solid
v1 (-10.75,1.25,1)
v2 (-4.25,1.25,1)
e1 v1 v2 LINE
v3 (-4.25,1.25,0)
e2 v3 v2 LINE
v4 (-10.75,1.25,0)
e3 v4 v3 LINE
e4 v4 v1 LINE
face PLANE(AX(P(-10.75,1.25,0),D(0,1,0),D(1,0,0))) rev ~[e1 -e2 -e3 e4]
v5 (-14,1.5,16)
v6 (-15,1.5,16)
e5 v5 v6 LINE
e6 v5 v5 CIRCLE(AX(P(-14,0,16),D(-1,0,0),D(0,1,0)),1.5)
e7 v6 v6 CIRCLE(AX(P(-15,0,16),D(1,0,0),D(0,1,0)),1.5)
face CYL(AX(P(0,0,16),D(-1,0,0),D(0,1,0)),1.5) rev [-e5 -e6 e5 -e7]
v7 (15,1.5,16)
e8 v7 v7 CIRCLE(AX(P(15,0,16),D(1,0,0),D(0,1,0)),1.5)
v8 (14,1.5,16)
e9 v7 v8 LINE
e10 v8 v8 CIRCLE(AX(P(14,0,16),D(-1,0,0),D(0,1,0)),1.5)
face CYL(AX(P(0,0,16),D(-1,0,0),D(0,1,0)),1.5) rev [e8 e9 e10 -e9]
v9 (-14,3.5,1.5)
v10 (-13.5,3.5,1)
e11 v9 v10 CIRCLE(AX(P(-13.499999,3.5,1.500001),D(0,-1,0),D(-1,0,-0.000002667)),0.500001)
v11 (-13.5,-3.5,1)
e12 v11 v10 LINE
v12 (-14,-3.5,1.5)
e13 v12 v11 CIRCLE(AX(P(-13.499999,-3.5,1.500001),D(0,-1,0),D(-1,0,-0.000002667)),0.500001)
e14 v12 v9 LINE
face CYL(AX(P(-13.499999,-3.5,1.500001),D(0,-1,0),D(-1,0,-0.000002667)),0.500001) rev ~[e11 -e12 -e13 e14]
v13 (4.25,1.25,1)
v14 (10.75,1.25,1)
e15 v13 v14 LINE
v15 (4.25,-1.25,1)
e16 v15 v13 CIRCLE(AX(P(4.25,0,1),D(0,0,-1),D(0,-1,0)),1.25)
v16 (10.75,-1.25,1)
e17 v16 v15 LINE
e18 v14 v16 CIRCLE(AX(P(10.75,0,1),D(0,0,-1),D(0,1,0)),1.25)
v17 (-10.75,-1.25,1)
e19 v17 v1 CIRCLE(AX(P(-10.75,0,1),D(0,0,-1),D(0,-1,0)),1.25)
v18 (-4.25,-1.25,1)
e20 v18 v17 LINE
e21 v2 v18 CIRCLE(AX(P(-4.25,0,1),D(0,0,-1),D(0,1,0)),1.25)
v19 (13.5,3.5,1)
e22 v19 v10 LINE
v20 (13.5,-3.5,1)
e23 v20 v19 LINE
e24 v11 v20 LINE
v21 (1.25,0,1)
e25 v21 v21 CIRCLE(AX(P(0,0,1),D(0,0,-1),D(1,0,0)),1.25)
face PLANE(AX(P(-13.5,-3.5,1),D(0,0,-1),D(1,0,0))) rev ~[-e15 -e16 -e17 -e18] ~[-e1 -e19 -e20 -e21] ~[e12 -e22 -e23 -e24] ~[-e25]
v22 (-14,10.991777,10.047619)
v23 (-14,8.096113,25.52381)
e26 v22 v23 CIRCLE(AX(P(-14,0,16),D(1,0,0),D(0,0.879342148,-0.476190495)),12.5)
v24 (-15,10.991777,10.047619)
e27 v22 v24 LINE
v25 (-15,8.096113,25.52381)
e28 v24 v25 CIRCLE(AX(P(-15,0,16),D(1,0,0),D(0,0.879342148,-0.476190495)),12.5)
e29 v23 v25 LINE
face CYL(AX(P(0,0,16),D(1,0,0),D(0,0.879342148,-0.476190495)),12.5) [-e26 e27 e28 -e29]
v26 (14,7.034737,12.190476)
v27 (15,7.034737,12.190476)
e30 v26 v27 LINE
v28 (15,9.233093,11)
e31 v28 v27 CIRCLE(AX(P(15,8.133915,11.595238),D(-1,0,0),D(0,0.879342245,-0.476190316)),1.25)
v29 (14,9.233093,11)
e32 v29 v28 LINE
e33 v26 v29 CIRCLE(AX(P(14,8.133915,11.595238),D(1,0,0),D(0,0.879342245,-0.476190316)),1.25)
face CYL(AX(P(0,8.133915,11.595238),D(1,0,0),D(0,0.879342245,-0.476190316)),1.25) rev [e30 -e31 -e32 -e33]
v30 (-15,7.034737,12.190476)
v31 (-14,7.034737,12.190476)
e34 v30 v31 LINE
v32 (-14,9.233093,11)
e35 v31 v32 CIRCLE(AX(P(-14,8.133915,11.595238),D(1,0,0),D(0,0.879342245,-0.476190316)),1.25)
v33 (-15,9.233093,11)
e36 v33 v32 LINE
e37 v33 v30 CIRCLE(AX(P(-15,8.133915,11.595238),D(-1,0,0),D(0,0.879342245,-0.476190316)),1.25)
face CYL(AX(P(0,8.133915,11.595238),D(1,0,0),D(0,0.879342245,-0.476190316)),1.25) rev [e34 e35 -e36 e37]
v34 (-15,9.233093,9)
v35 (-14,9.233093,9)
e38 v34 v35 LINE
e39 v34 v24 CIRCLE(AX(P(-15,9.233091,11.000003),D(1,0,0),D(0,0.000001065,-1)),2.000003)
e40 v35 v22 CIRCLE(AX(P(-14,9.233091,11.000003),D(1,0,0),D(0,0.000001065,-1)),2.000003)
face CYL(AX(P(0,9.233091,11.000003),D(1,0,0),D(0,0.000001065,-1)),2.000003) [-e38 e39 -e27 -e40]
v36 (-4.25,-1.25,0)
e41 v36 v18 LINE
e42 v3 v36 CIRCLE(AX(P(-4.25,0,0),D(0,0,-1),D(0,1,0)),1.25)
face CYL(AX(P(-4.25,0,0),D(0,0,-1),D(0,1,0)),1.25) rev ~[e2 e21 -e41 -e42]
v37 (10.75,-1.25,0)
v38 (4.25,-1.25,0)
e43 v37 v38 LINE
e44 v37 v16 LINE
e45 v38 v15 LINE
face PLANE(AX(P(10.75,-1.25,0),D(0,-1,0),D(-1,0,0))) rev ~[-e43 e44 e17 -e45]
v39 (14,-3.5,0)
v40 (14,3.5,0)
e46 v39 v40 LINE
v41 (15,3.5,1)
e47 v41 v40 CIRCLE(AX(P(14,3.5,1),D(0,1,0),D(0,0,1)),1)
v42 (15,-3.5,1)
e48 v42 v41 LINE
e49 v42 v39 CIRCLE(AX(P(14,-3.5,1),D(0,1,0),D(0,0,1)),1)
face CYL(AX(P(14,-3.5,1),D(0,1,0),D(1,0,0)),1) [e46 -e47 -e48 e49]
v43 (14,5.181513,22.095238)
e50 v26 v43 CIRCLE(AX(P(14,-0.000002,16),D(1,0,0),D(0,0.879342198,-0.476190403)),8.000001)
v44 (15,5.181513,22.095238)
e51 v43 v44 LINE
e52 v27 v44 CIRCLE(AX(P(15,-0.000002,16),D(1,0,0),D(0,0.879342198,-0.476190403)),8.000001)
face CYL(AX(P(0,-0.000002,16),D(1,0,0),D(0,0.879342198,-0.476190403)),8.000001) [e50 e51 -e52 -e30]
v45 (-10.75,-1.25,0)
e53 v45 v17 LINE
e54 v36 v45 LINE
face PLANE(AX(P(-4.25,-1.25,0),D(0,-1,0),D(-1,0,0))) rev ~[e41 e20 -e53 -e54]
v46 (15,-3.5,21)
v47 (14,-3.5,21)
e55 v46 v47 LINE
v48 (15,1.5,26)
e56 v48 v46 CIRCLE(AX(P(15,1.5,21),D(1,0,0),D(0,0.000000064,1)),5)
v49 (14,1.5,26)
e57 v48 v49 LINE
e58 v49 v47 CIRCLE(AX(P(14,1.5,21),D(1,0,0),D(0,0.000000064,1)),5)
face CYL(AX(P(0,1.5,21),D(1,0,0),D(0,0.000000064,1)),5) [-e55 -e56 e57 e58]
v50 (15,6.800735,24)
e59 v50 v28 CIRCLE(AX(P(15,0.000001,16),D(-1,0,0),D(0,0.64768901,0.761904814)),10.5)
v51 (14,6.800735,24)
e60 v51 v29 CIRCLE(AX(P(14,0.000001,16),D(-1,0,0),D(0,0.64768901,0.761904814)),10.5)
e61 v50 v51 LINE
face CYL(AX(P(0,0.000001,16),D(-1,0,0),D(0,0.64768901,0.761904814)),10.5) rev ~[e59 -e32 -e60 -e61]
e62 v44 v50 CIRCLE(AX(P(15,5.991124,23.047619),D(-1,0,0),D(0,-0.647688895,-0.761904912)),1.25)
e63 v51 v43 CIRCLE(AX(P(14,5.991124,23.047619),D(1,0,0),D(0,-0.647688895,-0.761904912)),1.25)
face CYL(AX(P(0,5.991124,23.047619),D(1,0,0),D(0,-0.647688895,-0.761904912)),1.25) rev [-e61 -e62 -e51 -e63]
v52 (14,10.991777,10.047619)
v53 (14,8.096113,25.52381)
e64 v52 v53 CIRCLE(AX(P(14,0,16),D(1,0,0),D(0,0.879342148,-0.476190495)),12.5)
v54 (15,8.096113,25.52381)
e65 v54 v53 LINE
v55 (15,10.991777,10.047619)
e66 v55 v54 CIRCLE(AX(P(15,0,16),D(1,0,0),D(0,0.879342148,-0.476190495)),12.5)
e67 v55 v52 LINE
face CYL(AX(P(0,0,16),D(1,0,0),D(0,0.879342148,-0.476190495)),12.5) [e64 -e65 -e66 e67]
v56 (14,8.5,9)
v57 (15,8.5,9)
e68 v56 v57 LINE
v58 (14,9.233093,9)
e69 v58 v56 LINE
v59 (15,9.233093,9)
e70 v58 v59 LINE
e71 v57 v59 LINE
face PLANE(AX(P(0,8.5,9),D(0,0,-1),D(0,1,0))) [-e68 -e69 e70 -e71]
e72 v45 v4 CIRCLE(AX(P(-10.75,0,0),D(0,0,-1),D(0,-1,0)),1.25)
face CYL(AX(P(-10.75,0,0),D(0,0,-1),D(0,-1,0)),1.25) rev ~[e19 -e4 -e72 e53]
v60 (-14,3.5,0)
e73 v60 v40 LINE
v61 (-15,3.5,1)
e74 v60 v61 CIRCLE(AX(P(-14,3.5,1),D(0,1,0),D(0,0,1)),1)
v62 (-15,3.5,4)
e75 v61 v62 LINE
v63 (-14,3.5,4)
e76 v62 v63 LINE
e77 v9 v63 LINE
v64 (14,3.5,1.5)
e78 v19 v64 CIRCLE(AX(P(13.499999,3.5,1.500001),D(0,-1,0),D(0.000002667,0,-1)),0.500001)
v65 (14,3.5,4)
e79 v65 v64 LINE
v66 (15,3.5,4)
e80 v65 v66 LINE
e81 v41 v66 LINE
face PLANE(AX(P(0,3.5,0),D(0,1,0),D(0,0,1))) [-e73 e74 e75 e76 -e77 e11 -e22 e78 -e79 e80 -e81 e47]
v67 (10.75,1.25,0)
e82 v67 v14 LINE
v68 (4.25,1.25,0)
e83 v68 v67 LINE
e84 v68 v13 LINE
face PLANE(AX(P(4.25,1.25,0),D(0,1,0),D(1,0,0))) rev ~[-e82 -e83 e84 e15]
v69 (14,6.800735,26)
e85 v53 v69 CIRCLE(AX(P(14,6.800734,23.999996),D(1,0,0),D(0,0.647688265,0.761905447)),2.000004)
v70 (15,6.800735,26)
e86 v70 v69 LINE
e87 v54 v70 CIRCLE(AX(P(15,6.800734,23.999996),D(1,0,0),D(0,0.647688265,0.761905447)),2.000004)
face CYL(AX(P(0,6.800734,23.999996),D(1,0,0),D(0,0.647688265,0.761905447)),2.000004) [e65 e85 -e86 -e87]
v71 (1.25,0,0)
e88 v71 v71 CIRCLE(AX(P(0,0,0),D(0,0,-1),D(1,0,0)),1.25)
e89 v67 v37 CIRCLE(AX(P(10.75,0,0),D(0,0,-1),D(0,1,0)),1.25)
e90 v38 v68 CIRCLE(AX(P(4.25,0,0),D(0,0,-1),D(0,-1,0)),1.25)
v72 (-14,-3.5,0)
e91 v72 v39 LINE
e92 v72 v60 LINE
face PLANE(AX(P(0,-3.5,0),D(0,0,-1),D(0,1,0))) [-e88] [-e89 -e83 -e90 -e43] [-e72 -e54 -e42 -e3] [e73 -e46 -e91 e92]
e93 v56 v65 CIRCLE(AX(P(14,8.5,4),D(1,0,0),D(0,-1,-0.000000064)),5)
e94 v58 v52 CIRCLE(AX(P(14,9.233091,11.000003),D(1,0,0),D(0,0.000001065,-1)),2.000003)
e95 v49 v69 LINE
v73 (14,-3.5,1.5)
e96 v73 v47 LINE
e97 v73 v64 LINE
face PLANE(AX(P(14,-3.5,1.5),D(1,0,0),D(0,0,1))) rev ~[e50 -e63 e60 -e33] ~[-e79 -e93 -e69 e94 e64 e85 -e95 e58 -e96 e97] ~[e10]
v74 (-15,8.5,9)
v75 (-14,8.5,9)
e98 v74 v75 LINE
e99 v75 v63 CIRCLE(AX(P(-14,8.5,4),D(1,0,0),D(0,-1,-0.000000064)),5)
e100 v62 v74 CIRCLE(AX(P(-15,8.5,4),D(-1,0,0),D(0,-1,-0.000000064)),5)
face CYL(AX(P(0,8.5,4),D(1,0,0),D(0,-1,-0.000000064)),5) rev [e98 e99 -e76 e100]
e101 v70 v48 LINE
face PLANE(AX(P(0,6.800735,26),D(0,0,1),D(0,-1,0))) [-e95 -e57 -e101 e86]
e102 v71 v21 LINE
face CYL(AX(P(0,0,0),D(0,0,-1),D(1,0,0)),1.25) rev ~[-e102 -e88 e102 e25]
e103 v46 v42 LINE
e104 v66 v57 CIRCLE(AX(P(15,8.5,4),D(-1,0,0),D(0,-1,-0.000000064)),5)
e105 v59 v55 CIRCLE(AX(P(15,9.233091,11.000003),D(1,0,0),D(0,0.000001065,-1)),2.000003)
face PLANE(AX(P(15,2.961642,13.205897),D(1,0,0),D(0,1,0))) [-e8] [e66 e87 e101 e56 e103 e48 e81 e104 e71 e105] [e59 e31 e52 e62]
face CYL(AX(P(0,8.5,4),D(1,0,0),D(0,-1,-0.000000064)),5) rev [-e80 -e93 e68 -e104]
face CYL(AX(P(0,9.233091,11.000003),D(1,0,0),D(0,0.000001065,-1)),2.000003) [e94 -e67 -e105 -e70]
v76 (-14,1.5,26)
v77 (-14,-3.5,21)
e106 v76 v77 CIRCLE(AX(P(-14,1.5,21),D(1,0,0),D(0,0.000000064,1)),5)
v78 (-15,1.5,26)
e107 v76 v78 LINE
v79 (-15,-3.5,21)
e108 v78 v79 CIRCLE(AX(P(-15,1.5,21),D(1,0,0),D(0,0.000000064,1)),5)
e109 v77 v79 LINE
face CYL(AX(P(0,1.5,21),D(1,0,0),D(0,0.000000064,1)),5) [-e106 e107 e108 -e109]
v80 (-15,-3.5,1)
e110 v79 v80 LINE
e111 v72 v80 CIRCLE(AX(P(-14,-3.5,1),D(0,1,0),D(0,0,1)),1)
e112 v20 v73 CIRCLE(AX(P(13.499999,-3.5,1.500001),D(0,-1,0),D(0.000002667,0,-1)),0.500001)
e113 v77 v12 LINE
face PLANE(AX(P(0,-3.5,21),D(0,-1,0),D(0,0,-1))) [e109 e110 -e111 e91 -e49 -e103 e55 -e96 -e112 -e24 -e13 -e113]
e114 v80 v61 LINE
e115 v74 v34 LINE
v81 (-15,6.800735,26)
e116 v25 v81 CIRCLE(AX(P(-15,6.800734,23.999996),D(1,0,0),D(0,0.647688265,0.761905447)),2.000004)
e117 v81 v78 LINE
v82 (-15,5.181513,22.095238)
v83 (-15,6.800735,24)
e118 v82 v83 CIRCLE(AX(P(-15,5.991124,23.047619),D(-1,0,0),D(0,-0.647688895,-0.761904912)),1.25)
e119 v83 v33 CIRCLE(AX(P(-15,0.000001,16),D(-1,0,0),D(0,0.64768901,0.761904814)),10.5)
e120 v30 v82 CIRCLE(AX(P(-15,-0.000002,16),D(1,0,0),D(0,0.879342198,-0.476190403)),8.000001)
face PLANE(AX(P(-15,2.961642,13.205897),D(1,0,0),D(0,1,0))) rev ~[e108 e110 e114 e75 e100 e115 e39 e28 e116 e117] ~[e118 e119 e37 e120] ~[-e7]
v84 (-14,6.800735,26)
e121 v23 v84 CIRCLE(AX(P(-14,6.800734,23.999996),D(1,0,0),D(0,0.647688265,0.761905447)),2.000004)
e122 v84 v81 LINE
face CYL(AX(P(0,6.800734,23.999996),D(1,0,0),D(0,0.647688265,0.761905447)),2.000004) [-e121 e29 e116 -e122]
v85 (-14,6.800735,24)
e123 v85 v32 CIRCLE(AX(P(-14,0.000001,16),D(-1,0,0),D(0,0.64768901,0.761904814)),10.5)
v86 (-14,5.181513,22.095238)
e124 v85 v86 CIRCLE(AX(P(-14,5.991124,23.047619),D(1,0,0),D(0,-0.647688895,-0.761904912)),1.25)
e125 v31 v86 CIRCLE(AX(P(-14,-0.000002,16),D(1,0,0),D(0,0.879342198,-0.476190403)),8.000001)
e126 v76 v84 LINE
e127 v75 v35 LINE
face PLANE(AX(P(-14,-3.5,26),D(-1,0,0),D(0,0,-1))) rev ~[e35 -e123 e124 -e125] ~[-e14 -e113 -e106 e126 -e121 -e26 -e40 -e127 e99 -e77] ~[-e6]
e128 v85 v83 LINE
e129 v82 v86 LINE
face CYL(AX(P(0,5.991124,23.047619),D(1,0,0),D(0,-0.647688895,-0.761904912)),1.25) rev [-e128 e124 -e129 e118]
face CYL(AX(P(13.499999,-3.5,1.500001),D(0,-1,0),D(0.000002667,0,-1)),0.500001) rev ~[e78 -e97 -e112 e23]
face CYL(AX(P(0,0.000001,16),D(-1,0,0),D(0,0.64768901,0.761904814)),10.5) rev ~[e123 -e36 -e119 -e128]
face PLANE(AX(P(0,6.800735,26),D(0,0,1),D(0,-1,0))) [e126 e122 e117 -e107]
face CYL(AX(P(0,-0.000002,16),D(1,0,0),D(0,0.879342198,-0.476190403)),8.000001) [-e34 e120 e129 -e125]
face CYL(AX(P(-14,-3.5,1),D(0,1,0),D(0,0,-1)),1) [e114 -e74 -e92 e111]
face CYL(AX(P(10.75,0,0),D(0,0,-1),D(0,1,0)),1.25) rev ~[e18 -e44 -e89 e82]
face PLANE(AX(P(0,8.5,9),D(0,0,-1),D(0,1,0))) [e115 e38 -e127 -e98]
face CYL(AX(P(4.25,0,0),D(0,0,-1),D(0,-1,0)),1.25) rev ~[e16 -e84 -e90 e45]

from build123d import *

# Parameters (mm, degrees)
F0_R     = 1.5
F1_DEPTH = 15
F3_DEPTH = 25
F4_R     = 1
F5_R     = 1.25
F6_DEPTH = 25


with BuildPart() as f1:
    # F0 (on Right) → F1 (new body, symmetric)
    with BuildSketch(Plane.YZ):
        with BuildLine():
            Line((-3.5, 21), (-3.5, 0))
            Line((-3.5, 0), (3.5, 0))
            Line((3.5, 0), (3.5, 4))
            ThreePointArc((3.5, 4), (4.964466, 7.535534), (8.5, 9))
            Line((8.5, 9), (9.233093, 9))
            ThreePointArc((9.233093, 9), (10.256625, 9.281751), (10.991777, 10.047619))
            ThreePointArc((10.991777, 10.047619), (12.286782, 18.298911), (8.096113, 25.52381))
            ThreePointArc((8.096113, 25.52381), (7.490801, 25.877181), (6.800735, 26))
            Line((6.800735, 26), (1.5, 26))
            ThreePointArc((1.5, 26), (-2.035534, 24.535534), (-3.5, 21))
        make_face()
        with Locations((0, 16)):
            Circle(F0_R, mode=Mode.SUBTRACT)
        with BuildLine():
            ThreePointArc((6.800735, 24), (10.320897, 17.931085), (9.233093, 11))
            ThreePointArc((9.233093, 11), (7.538677, 10.49606), (7.034737, 12.190476))
            ThreePointArc((7.034737, 12.190476), (7.86354, 17.471303), (5.181513, 22.095238))
            ThreePointArc((5.181513, 22.095238), (5.038743, 23.85723), (6.800735, 24))
        make_face(mode=Mode.SUBTRACT)
    extrude(amount=F1_DEPTH, both=True)

    # F2 (on face) → F3 (cut)
    with BuildSketch(Plane.XZ.offset(3.5)):
        with BuildLine():
            Line((14, 26), (-14, 26))
            Line((-14, 26), (-14, 1.5))
            ThreePointArc((-14, 1.5), (-13.853553, 1.146447), (-13.5, 1))
            Line((-13.5, 1), (13.5, 1))
            ThreePointArc((13.5, 1), (13.853553, 1.146447), (14, 1.5))
            Line((14, 1.5), (14, 26))
        make_face()
    extrude(amount=-F3_DEPTH, mode=Mode.SUBTRACT)

    # F4
    f4_edges = [f1.edges().sort_by_distance(p)[0] for p in [
        (-15, 0, 0),
        (15, 0, 0),
    ]]
    fillet(f4_edges, radius=F4_R)

    # F5 (on face) → F6 (cut)
    with BuildSketch(Plane(origin=(0, 0, 0), x_dir=(1, 0, 0), z_dir=(0, 0, -1))):
        Circle(F5_R)
        with BuildLine():
            ThreePointArc((-10.75, 1.25), (-12, 0), (-10.75, -1.25))
            Line((-10.75, -1.25), (-4.25, -1.25))
            ThreePointArc((-4.25, -1.25), (-3, 0), (-4.25, 1.25))
            Line((-4.25, 1.25), (-10.75, 1.25))
        make_face()
        with BuildLine():
            ThreePointArc((10.75, -1.25), (12, 0), (10.75, 1.25))
            Line((10.75, 1.25), (4.25, 1.25))
            ThreePointArc((4.25, 1.25), (3, 0), (4.25, -1.25))
            Line((4.25, -1.25), (10.75, -1.25))
        make_face()
    extrude(amount=-F6_DEPTH, mode=Mode.SUBTRACT)


solid = f1.part
